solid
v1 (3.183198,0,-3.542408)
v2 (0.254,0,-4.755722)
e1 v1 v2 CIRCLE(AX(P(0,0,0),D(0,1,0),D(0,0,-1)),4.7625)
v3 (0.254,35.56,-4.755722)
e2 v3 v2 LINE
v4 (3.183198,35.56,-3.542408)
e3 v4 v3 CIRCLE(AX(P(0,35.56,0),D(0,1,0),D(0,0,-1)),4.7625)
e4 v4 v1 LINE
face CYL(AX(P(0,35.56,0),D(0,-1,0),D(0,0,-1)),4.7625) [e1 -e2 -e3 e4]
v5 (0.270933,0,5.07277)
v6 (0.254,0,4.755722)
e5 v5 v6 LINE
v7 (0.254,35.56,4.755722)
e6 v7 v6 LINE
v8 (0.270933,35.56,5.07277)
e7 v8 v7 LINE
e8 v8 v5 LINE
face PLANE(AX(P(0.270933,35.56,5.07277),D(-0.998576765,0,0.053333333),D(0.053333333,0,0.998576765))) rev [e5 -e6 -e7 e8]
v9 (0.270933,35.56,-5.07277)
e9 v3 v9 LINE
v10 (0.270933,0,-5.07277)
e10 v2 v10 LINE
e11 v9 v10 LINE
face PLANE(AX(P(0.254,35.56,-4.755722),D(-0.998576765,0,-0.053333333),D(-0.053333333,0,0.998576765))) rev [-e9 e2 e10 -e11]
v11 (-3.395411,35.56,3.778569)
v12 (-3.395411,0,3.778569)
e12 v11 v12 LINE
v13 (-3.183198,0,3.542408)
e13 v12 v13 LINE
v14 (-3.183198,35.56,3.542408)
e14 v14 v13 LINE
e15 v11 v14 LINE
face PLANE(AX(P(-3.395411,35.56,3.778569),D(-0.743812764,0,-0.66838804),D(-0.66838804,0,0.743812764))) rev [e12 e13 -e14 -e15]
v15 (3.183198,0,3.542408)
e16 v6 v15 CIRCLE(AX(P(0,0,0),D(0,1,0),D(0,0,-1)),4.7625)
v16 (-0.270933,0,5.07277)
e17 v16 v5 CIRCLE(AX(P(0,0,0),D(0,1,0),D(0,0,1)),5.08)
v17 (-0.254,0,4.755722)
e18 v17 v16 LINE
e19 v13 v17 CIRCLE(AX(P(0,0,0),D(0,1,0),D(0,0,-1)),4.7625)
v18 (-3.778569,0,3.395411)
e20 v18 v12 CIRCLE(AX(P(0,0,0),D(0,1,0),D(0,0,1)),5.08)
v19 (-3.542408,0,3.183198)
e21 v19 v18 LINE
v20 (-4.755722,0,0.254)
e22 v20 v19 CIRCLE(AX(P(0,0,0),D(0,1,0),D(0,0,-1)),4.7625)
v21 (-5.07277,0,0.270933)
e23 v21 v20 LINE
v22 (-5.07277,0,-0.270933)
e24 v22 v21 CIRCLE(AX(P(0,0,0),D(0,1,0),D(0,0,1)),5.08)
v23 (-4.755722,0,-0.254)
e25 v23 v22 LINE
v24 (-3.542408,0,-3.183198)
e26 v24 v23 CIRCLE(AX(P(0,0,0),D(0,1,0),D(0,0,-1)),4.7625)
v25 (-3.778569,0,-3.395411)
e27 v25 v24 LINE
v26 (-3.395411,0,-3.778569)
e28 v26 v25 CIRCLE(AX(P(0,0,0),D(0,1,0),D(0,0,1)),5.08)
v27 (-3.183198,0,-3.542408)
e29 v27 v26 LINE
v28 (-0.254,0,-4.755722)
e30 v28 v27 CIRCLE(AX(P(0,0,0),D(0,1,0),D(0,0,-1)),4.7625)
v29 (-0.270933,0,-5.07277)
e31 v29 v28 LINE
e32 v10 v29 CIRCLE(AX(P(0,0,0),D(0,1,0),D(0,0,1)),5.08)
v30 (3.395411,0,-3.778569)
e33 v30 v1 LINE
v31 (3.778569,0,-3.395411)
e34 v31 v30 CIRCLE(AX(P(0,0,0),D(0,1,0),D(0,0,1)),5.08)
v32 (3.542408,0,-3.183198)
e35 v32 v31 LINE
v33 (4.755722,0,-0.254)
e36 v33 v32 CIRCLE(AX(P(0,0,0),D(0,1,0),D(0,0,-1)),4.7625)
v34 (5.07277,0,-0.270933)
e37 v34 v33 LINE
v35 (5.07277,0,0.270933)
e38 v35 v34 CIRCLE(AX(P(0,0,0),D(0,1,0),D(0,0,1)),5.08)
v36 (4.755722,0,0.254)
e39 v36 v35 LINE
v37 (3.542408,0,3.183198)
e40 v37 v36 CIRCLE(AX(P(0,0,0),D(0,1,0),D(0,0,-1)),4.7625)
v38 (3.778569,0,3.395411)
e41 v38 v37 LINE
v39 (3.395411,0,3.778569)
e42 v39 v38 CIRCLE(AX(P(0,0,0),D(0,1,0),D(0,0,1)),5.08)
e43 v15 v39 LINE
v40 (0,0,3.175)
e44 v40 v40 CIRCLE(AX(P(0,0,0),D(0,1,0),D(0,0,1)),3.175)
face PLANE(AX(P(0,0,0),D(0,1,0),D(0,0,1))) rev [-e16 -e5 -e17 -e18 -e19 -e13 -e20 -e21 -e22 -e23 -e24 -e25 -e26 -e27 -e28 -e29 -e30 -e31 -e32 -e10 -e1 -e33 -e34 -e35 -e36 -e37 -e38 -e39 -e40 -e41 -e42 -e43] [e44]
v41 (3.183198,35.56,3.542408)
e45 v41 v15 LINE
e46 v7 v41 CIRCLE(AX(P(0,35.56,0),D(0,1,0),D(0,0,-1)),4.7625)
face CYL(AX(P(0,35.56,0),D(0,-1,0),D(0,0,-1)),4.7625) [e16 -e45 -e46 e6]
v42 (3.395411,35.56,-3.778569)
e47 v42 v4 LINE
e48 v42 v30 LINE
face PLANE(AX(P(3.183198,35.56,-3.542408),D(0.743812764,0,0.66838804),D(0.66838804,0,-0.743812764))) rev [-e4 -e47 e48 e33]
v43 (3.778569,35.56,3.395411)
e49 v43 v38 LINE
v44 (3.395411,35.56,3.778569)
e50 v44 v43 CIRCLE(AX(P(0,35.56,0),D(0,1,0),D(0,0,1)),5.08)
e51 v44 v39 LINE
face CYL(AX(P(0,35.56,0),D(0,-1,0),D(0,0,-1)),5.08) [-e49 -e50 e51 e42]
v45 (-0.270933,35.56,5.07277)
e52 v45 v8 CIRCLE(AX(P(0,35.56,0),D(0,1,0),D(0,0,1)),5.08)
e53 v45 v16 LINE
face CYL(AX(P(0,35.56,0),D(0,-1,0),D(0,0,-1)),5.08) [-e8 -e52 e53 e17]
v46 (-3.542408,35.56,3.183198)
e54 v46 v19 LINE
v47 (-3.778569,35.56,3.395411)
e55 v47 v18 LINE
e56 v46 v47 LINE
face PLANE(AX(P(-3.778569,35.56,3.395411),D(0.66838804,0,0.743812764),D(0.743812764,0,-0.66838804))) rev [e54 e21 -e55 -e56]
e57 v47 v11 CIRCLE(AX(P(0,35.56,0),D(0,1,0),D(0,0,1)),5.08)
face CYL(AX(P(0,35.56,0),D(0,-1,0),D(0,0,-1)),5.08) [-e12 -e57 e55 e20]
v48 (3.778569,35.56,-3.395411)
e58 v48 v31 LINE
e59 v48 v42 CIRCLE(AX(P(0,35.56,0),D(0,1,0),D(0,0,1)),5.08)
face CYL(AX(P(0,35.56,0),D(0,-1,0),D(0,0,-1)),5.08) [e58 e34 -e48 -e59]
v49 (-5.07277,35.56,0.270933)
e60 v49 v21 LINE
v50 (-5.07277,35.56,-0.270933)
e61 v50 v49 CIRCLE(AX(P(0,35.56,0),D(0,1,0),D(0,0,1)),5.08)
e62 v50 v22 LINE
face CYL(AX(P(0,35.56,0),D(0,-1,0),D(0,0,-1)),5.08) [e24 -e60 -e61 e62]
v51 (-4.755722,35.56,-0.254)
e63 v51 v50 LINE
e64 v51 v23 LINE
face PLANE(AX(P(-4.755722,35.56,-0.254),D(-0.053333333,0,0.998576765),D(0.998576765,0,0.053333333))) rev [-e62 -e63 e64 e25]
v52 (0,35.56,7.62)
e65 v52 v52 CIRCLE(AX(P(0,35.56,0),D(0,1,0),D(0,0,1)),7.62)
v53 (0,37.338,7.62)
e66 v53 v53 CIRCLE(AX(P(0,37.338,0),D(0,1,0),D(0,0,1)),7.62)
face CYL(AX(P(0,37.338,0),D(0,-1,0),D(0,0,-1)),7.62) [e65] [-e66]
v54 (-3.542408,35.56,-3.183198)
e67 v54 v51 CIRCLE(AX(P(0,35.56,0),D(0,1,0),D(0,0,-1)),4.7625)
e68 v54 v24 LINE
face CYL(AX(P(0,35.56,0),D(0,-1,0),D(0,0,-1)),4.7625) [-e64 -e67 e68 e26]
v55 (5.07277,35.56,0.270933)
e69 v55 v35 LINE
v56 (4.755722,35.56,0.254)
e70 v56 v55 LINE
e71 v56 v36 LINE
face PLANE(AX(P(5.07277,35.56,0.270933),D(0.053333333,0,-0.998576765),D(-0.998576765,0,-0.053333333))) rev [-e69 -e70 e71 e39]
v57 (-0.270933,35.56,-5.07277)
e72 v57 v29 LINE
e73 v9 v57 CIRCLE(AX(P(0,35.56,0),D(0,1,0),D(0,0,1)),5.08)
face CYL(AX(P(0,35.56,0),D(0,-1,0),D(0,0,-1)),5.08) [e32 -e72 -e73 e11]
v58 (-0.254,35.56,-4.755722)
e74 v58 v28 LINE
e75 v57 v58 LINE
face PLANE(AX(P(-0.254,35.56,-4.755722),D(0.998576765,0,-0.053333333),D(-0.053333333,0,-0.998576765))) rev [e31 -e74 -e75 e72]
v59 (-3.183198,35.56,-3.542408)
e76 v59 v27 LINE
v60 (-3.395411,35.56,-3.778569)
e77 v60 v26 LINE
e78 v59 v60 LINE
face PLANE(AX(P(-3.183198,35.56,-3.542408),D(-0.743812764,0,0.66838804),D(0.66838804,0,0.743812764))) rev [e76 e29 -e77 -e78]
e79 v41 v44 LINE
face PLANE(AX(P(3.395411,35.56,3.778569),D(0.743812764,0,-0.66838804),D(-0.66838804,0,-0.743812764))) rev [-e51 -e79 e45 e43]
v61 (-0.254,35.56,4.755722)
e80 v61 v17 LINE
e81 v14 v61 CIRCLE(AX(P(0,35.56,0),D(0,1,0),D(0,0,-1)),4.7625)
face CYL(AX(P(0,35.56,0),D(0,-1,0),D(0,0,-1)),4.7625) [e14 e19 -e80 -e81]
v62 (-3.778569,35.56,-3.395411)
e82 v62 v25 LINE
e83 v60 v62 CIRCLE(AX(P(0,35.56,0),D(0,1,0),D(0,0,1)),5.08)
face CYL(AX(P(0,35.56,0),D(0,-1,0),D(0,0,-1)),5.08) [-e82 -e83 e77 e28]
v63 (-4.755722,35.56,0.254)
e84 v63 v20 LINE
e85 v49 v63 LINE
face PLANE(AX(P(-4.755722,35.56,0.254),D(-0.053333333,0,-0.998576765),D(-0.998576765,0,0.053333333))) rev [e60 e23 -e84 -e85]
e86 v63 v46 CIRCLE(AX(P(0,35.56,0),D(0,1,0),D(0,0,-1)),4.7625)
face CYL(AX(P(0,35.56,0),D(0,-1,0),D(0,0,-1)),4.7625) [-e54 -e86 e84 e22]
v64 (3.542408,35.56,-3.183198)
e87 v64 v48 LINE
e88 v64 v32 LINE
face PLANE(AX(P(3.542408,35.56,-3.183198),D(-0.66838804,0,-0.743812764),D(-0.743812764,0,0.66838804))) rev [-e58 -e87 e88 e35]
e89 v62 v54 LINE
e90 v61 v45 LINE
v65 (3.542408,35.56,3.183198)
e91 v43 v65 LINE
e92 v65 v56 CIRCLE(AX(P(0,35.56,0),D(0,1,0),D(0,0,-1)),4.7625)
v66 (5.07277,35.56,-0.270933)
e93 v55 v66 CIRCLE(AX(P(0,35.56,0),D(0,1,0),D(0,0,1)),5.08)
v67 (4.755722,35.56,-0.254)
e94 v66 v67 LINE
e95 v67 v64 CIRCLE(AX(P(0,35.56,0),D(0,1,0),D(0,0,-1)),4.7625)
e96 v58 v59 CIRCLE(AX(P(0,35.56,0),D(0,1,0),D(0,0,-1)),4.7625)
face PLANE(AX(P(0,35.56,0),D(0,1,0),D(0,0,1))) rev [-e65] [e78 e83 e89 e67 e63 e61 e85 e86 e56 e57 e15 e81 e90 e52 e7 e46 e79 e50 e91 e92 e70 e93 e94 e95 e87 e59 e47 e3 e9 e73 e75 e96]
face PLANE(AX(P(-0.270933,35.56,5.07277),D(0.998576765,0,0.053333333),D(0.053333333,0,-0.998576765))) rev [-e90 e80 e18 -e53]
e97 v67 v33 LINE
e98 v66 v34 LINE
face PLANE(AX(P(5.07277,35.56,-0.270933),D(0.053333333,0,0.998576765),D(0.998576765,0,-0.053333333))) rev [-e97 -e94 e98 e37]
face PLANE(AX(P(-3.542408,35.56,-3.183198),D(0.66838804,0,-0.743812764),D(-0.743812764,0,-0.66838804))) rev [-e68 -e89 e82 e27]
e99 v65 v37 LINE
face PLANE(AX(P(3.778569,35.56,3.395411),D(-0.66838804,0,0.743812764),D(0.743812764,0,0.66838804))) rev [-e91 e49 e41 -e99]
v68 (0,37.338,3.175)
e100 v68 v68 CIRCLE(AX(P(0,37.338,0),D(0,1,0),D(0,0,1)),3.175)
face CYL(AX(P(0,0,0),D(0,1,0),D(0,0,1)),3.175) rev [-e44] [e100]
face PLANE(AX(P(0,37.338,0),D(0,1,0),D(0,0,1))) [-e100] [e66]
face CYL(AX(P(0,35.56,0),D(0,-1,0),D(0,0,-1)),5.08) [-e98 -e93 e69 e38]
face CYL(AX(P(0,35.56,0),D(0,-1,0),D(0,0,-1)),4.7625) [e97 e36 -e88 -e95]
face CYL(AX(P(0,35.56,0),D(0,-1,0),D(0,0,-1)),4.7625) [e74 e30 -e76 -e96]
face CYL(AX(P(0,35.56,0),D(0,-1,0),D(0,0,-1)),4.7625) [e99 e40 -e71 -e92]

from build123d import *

# Parameters (mm, degrees)
SKETCH2_R           = 5.08
BOSS_EXTRUDE1_DEPTH = 35.56
SKETCH4_R           = 7.62
BOSS_EXTRUDE2_DEPTH = 1.778
SKETCH5_R           = 3.175
CUT_EXTRUDE2_DEPTH  = 39.862
CUT_EXTRUDE3_DEPTH  = 35.56


with BuildPart() as part:
    # Sketch2 → Boss-Extrude1 (new body)
    with BuildSketch(Plane(origin=(0, 0, 0), x_dir=(1, 0, 0), z_dir=(0, 1, 0))):
        with Locations(Location((0, 0, 0), (0, 0, 270))):
            Circle(SKETCH2_R)
    extrude(amount=BOSS_EXTRUDE1_DEPTH)

    # Sketch4 → Boss-Extrude2 (add)
    with BuildSketch(Plane(origin=(0, 35.56, 0), x_dir=(1, 0, 0), z_dir=(0, 1, 0))):
        with Locations(Location((0, 0, 0), (0, 0, 270))):
            Circle(SKETCH4_R)
    extrude(amount=BOSS_EXTRUDE2_DEPTH)

    # Sketch5 → Cut-Extrude2 (cut, through all)
    with BuildSketch(Plane(origin=(0, 37.338, 0), x_dir=(1, 0, 0), z_dir=(0, 1, 0))):
        with Locations(Location((0, 0, 0), (0, 0, 270))):
            Circle(SKETCH5_R)
    extrude(amount=-CUT_EXTRUDE2_DEPTH, mode=Mode.SUBTRACT)

    # Sketch6 → Cut-Extrude3 (cut)
    with BuildSketch(Plane.XZ):
        with BuildLine():
            Line((-3.77856884, 3.395411245), (-3.542408287, 3.183198042))
            ThreePointArc((-3.542408287, 3.183198042), (-4.399976274, 1.822529847), (-4.755721843, 0.254))
            Line((-4.755721843, 0.254), (-5.072769966, 0.270933333))
            ThreePointArc((-5.072769966, 0.270933333), (-4.693308025, 1.944031836), (-3.77856884, 3.395411245))
        make_face()
        with BuildLine():
            Line((-0.270933333, 5.072769966), (-0.254, 4.755721843))
            ThreePointArc((-0.254, 4.755721843), (-1.822529847, 4.399976274), (-3.183198042, 3.542408287))
            Line((-3.183198042, 3.542408287), (-3.395411245, 3.77856884))
            ThreePointArc((-3.395411245, 3.77856884), (-1.944031836, 4.693308025), (-0.270933333, 5.072769966))
        make_face()
        with BuildLine():
            Line((0.270933333, 5.072769966), (0.254, 4.755721843))
            ThreePointArc((0.254, 4.755721843), (1.822529847, 4.399976274), (3.183198042, 3.542408287))
            Line((3.183198042, 3.542408287), (3.395411245, 3.77856884))
            ThreePointArc((3.395411245, 3.77856884), (1.944031836, 4.693308025), (0.270933333, 5.072769966))
        make_face()
        with BuildLine():
            Line((3.77856884, 3.395411245), (3.542408287, 3.183198042))
            ThreePointArc((3.542408287, 3.183198042), (4.399976274, 1.822529847), (4.755721843, 0.254))
            Line((4.755721843, 0.254), (5.072769966, 0.270933333))
            ThreePointArc((5.072769966, 0.270933333), (4.693308025, 1.944031836), (3.77856884, 3.395411245))
        make_face()
        with BuildLine():
            Line((5.072769966, -0.270933333), (4.755721843, -0.254))
            ThreePointArc((4.755721843, -0.254), (4.399976274, -1.822529847), (3.542408287, -3.183198042))
            Line((3.542408287, -3.183198042), (3.77856884, -3.395411245))
            ThreePointArc((3.77856884, -3.395411245), (4.693308025, -1.944031836), (5.072769966, -0.270933333))
        make_face()
        with BuildLine():
            Line((3.183198042, -3.542408287), (3.395411245, -3.77856884))
            ThreePointArc((3.395411245, -3.77856884), (1.944031836, -4.693308025), (0.270933333, -5.072769966))
            Line((0.270933333, -5.072769966), (0.254, -4.755721843))
            ThreePointArc((0.254, -4.755721843), (1.822529847, -4.399976274), (3.183198042, -3.542408287))
        make_face()
        with BuildLine():
            Line((-4.755721843, -0.254), (-5.072769966, -0.270933333))
            ThreePointArc((-5.072769966, -0.270933333), (-4.693308025, -1.944031836), (-3.77856884, -3.395411245))
            Line((-3.77856884, -3.395411245), (-3.542408287, -3.183198042))
            ThreePointArc((-3.542408287, -3.183198042), (-4.399976274, -1.822529847), (-4.755721843, -0.254))
        make_face()
        with BuildLine():
            Line((-3.183198042, -3.542408287), (-3.395411245, -3.77856884))
            ThreePointArc((-3.395411245, -3.77856884), (-1.944031836, -4.693308025), (-0.270933333, -5.072769966))
            Line((-0.270933333, -5.072769966), (-0.254, -4.755721843))
            ThreePointArc((-0.254, -4.755721843), (-1.822529847, -4.399976274), (-3.183198042, -3.542408287))
        make_face()
    extrude(amount=-CUT_EXTRUDE3_DEPTH, mode=Mode.SUBTRACT)


solid = part.part
